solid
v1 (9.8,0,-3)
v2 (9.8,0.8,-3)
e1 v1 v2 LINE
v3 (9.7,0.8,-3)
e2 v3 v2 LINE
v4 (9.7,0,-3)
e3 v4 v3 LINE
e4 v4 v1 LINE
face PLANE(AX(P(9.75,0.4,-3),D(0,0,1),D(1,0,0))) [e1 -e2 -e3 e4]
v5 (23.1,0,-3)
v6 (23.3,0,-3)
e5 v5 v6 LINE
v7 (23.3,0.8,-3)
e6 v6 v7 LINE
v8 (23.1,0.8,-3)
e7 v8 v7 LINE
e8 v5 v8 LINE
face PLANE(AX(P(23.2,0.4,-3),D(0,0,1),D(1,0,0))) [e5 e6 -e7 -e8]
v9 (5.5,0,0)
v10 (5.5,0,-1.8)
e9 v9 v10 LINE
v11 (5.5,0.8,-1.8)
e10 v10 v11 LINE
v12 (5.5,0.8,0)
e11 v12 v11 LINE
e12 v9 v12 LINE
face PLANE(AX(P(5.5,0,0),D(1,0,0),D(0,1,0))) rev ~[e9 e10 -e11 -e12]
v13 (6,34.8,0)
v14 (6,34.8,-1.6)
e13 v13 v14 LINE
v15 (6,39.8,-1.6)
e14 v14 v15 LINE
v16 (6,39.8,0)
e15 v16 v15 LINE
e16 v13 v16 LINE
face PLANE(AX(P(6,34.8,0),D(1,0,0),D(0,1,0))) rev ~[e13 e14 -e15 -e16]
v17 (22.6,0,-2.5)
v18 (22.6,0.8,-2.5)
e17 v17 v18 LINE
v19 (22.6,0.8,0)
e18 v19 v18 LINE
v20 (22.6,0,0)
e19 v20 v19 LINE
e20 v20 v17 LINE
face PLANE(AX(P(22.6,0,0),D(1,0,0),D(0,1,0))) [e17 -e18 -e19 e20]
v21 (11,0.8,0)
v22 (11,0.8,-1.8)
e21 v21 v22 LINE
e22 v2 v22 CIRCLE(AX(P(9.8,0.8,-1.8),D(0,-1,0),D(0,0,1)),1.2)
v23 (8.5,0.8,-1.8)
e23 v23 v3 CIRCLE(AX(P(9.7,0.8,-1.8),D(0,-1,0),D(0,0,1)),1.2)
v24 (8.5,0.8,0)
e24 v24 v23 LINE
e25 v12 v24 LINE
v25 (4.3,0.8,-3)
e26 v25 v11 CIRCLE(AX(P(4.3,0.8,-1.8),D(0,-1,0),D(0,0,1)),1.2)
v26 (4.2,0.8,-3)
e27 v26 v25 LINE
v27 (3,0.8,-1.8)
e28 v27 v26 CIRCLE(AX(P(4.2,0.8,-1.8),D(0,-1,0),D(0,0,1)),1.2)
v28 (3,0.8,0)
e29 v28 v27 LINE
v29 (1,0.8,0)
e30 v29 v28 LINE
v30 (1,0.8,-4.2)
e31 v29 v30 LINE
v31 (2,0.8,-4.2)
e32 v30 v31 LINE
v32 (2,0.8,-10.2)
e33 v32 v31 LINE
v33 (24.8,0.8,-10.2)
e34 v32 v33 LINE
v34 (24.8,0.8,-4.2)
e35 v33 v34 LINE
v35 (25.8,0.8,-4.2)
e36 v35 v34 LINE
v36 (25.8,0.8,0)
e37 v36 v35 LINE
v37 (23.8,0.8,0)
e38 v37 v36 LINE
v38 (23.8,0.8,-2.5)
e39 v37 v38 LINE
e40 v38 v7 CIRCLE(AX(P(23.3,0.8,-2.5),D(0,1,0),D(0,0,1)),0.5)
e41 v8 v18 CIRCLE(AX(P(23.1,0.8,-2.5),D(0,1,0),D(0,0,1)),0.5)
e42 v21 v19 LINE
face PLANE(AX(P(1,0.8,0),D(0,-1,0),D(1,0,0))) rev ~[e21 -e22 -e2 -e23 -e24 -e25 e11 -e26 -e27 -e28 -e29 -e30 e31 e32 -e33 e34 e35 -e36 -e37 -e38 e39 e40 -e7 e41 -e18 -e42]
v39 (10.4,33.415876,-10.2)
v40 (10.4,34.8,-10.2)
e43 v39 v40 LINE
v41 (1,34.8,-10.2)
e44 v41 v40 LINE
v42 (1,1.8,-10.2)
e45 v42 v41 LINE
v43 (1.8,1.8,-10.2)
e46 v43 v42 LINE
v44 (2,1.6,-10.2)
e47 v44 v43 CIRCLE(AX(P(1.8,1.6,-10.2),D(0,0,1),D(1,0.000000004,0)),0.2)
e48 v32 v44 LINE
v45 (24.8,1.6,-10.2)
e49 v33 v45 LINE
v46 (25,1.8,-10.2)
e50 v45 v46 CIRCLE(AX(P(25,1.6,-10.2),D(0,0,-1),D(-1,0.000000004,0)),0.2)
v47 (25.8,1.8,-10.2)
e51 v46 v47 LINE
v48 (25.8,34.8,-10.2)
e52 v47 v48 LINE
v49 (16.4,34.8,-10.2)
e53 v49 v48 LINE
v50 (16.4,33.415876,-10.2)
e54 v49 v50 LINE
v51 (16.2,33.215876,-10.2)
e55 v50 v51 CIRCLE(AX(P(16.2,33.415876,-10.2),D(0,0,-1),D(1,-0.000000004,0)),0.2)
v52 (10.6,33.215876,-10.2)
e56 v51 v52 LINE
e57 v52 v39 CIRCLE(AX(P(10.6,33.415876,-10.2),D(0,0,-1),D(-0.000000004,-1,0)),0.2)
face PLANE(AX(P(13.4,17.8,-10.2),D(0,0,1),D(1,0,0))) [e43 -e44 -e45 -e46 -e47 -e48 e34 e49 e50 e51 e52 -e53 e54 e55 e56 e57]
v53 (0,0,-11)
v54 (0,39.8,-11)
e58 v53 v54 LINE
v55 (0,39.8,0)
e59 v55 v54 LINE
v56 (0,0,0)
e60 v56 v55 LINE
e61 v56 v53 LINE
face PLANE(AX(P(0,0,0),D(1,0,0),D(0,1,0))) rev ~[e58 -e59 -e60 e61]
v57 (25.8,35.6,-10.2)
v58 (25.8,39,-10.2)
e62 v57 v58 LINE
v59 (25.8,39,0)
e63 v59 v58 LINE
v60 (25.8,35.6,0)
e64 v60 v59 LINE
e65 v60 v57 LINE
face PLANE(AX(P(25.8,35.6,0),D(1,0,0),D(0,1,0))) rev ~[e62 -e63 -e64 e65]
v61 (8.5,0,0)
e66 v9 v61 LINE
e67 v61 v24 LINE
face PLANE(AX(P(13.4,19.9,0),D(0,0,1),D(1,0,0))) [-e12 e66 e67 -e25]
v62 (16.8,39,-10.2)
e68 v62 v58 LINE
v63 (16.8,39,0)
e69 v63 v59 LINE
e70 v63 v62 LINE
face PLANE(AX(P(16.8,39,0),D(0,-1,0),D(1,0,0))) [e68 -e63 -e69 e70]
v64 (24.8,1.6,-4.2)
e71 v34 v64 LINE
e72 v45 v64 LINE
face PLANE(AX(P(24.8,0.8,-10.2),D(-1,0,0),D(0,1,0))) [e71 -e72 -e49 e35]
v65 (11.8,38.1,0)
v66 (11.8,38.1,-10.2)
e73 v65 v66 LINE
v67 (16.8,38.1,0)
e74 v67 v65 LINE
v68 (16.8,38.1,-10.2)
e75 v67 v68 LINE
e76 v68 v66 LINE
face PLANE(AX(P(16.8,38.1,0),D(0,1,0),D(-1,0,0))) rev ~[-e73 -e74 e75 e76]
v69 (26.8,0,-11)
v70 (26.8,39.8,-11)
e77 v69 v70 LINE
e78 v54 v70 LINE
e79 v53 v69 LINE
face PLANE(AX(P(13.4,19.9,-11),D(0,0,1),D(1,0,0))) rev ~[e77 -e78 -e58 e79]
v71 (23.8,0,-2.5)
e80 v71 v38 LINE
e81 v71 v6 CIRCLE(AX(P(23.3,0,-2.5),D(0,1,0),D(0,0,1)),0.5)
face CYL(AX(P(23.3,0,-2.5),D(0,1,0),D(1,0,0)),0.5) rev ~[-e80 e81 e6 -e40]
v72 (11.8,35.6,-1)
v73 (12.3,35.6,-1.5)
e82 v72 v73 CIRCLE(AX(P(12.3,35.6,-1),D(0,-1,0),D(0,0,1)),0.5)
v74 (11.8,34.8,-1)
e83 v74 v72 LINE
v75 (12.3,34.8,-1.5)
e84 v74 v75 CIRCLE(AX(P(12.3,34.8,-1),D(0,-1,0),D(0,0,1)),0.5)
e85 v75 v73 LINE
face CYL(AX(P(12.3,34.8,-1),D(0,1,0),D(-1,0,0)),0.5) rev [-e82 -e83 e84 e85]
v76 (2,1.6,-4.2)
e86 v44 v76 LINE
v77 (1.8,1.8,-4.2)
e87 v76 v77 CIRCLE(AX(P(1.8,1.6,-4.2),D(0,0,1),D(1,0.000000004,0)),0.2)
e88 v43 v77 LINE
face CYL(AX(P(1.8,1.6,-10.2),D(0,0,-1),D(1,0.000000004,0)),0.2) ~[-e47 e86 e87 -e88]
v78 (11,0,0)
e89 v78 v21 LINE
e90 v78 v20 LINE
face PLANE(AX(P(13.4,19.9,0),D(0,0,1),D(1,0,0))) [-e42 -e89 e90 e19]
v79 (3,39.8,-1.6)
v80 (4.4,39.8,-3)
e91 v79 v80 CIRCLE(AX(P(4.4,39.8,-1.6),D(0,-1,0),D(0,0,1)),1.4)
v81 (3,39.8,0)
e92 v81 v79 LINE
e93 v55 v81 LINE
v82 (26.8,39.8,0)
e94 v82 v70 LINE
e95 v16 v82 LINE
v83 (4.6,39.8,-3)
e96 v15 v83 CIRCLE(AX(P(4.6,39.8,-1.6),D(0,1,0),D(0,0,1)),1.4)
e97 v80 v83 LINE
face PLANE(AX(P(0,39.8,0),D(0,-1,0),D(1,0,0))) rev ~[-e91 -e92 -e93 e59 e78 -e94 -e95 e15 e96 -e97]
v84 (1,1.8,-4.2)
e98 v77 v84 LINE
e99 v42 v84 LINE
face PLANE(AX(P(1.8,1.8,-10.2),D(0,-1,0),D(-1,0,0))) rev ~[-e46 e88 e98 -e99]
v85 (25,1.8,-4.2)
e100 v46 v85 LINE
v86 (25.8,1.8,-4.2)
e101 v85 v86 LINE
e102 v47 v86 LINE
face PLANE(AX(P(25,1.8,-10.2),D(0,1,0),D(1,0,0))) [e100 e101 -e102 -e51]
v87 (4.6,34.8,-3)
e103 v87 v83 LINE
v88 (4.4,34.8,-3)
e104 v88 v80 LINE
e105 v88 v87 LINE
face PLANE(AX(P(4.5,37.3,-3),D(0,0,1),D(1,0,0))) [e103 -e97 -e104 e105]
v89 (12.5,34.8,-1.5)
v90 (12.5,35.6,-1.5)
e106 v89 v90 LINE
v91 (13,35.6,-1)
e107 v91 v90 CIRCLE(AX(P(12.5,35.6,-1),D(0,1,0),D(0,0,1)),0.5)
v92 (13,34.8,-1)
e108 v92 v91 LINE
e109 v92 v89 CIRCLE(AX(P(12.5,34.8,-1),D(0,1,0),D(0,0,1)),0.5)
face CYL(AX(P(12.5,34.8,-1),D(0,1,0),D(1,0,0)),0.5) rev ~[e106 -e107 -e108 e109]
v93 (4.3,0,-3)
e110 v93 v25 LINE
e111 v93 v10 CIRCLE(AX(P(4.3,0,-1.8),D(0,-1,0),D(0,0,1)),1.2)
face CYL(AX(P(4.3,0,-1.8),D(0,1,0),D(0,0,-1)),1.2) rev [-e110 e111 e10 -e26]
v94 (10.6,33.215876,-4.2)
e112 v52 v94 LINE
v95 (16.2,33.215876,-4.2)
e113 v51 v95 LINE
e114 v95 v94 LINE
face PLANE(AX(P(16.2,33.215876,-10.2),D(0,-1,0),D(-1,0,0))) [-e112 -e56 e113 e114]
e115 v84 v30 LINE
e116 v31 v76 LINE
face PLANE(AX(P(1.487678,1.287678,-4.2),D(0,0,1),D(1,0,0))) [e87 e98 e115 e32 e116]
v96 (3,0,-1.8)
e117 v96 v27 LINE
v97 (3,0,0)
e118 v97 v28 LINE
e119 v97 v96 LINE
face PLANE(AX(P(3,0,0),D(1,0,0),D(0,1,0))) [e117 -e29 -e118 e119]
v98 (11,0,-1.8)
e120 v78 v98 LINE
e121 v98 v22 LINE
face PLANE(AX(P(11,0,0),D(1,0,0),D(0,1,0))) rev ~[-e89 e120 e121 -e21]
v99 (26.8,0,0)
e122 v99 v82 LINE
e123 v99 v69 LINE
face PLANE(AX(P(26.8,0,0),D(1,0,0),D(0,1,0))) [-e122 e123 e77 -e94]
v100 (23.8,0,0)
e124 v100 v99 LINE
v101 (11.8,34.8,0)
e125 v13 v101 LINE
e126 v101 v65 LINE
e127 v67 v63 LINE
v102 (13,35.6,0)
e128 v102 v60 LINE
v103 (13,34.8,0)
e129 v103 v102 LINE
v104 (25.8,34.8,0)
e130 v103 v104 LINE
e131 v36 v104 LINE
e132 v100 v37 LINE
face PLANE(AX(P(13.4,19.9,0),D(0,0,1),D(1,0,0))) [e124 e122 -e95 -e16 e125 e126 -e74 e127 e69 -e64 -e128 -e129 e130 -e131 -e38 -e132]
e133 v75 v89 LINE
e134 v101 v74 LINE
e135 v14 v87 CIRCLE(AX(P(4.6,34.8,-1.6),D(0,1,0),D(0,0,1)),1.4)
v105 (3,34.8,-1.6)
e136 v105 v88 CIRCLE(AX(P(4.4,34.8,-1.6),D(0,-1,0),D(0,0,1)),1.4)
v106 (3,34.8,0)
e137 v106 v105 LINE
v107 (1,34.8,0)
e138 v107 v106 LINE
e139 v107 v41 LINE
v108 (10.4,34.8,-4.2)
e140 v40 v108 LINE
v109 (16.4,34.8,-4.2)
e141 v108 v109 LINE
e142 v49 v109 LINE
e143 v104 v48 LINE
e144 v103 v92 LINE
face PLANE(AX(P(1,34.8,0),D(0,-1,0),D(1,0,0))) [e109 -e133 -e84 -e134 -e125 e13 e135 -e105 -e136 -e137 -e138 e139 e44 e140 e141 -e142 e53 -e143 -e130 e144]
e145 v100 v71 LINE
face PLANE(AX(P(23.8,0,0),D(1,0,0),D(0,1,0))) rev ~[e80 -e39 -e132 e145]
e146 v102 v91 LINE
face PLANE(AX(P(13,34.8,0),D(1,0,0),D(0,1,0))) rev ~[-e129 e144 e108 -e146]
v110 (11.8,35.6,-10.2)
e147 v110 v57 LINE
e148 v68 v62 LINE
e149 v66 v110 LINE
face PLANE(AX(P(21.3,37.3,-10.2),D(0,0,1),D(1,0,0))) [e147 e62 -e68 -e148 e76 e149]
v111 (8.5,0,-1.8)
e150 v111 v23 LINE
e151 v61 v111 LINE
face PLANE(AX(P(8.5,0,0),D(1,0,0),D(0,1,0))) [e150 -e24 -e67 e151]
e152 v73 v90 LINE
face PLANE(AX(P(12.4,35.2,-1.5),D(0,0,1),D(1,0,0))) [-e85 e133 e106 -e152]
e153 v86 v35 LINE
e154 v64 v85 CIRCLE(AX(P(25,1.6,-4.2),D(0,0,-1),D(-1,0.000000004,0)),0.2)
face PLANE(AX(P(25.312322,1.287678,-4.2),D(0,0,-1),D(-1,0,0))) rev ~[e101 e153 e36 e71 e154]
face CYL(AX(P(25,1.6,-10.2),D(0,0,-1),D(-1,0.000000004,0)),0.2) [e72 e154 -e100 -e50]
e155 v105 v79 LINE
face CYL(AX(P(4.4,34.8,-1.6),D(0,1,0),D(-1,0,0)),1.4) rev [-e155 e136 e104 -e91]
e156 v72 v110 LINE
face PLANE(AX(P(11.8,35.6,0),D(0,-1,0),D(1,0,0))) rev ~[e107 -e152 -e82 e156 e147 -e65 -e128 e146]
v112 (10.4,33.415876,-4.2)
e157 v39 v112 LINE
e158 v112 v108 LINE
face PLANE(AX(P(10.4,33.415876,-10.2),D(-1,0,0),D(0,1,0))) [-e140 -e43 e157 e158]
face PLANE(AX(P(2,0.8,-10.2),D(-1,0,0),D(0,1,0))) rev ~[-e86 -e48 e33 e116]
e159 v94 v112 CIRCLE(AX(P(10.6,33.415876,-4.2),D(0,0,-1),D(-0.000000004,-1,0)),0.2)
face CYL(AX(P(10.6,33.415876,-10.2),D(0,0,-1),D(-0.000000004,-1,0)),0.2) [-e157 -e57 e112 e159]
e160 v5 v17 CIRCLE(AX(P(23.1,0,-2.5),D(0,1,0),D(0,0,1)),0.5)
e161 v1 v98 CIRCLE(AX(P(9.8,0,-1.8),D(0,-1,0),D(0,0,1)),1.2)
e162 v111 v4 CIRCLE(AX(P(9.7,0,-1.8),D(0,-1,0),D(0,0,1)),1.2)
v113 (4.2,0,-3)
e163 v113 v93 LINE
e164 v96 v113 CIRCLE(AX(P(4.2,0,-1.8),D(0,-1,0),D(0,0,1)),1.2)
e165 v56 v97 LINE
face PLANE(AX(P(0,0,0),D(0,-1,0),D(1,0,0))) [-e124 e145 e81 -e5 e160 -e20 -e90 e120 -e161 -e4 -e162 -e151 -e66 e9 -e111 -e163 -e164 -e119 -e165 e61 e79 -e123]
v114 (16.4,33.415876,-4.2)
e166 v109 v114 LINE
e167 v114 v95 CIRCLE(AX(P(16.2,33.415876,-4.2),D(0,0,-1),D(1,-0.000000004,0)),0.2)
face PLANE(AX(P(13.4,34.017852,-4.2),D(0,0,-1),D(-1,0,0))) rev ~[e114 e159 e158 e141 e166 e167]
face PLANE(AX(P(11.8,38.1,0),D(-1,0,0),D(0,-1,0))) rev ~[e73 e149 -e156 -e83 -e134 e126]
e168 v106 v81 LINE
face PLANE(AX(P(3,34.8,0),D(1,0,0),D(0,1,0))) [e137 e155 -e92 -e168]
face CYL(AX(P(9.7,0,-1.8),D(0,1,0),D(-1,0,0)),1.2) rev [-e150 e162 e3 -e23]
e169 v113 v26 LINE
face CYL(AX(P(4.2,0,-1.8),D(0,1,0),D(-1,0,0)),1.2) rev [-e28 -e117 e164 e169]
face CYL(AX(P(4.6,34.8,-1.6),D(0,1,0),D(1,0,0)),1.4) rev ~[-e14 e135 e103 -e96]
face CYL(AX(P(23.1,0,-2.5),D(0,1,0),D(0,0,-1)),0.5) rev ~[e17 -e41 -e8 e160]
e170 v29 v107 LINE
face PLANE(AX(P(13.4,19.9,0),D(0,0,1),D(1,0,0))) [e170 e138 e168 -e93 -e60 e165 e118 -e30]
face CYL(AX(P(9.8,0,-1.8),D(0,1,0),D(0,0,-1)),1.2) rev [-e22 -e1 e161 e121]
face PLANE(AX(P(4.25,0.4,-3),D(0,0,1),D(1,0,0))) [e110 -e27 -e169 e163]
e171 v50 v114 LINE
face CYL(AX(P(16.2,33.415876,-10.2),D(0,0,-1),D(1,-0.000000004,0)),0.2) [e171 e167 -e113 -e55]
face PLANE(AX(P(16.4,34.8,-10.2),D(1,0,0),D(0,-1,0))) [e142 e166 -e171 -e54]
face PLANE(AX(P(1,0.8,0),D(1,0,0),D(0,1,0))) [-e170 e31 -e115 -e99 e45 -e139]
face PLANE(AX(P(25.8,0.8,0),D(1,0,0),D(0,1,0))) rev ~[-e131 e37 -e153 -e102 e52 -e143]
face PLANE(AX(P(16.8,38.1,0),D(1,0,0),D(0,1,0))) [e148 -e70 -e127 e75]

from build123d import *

# Parameters (mm, degrees)
SKETCH_3_W          = 26.8
SKETCH_3_H          = 39.8
EXTRUDE_3_DEPTH     = 11
SKETCH_3_3_W        = 24.8
SKETCH_3_3_H        = 34
SKETCH_3_3_W_2      = 9
SKETCH_3_3_H_2      = 3.4
CUT_EXTRUDE_1_DEPTH = 10.2
SKETCH_3_4_W        = 3
SKETCH_3_4_H        = 5
CUT_EXTRUDE_2_DEPTH = 3
SKETCH_3_5_W        = 2.5
SKETCH_3_5_H        = 0.8
CUT_EXTRUDE_3_DEPTH = 3
SKETCH_3_6_W        = 1.2
SKETCH_3_6_H        = 0.8
CUT_EXTRUDE_4_DEPTH = 3
SKETCH_3_7_W        = 1.2
SKETCH_3_7_H        = 0.8
CUT_EXTRUDE_5_DEPTH = 1.5
EXTRUDE_4_DEPTH     = 6
FILLET_1_R          = 1.4
FILLET_2_R          = 1.2
FILLET_3_R          = 0.5


with BuildPart() as part:
    # Sketch 3 → Extrude 3 (new body)
    with BuildSketch(Plane.XY):
        with Locations((13.4, 19.9)):
            Rectangle(SKETCH_3_W, SKETCH_3_H)
    extrude(amount=-EXTRUDE_3_DEPTH)

    # Sketch 3_3 → Cut-Extrude 1 (cut)
    with BuildSketch(Plane.XY):
        with Locations((13.4, 17.8)):
            Rectangle(SKETCH_3_3_W, SKETCH_3_3_H)
        with Locations((21.3, 37.3)):
            Rectangle(SKETCH_3_3_W_2, SKETCH_3_3_H_2)
        Polygon((11.8, 38.1), (11.8, 35.6), (13, 35.6), (16.8, 35.6), (16.8, 38.1), align=None)
    extrude(amount=-CUT_EXTRUDE_1_DEPTH, mode=Mode.SUBTRACT)

    # Sketch 3_4 → Cut-Extrude 2 (cut)
    with BuildSketch(Plane.XY):
        with Locations((4.5, 37.3)):
            Rectangle(SKETCH_3_4_W, SKETCH_3_4_H)
    extrude(amount=-CUT_EXTRUDE_2_DEPTH, mode=Mode.SUBTRACT)

    # Sketch 3_5 → Cut-Extrude 3 (cut)
    with BuildSketch(Plane.XY):
        with Locations((4.25, 0.4)):
            Rectangle(SKETCH_3_5_W, SKETCH_3_5_H)
        with Locations((9.75, 0.4)):
            Rectangle(SKETCH_3_5_W, SKETCH_3_5_H)
    extrude(amount=-CUT_EXTRUDE_3_DEPTH, mode=Mode.SUBTRACT)

    # Sketch 3_6 → Cut-Extrude 4 (cut)
    with BuildSketch(Plane.XY):
        with Locations((23.2, 0.4)):
            Rectangle(SKETCH_3_6_W, SKETCH_3_6_H)
    extrude(amount=-CUT_EXTRUDE_4_DEPTH, mode=Mode.SUBTRACT)

    # Sketch 3_7 → Cut-Extrude 5 (cut)
    with BuildSketch(Plane.XY):
        with Locations((12.4, 35.2)):
            Rectangle(SKETCH_3_7_W, SKETCH_3_7_H)
    extrude(amount=-CUT_EXTRUDE_5_DEPTH, mode=Mode.SUBTRACT)

    # Sketch 4 → Extrude 4 (add)
    with BuildSketch(Plane.XY.offset(-10.2)):
        with BuildLine():
            Line((10.4, 34.8), (16.4, 34.8))
            Line((16.4, 34.8), (16.4, 33.415875518))
            ThreePointArc((16.4, 33.415875518), (16.341421356, 33.274454162), (16.2, 33.215875518))
            Line((16.2, 33.215875518), (10.6, 33.215875518))
            ThreePointArc((10.6, 33.215875518), (10.458578644, 33.274454162), (10.4, 33.415875518))
            Line((10.4, 33.415875518), (10.4, 34.8))
        make_face()
        with BuildLine():
            Line((1, 0.8), (2, 0.8))
            Line((2, 0.8), (2, 1.6))
            ThreePointArc((2, 1.6), (1.941421356, 1.741421356), (1.8, 1.8))
            Line((1.8, 1.8), (1, 1.8))
            Line((1, 1.8), (1, 0.8))
        make_face()
        with BuildLine():
            Line((25.8, 0.8), (24.8, 0.8))
            Line((24.8, 0.8), (24.8, 1.6))
            ThreePointArc((24.8, 1.6), (24.858578644, 1.741421356), (25, 1.8))
            Line((25, 1.8), (25.8, 1.8))
            Line((25.8, 1.8), (25.8, 0.8))
        make_face()
    extrude(amount=EXTRUDE_4_DEPTH)

    # Fillet 1
    fillet_1_edges = [part.edges().sort_by_distance(p)[0] for p in [
        (3, 37.3, -3),
        (6, 37.3, -3),
    ]]
    fillet(fillet_1_edges, radius=FILLET_1_R)

    # Fillet 2
    fillet_2_edges = [part.edges().sort_by_distance(p)[0] for p in [
        (3, 0.4, -3),
        (5.5, 0.4, -3),
        (8.5, 0.4, -3),
        (11, 0.4, -3),
    ]]
    fillet(fillet_2_edges, radius=FILLET_2_R)

    # Fillet 3
    fillet_3_edges = [part.edges().sort_by_distance(p)[0] for p in [
        (23.8, 0.4, -3),
        (11.8, 35.2, -1.5),
        (13, 35.2, -1.5),
        (22.6, 0.4, -3),
    ]]
    fillet(fillet_3_edges, radius=FILLET_3_R)


solid = part.part
